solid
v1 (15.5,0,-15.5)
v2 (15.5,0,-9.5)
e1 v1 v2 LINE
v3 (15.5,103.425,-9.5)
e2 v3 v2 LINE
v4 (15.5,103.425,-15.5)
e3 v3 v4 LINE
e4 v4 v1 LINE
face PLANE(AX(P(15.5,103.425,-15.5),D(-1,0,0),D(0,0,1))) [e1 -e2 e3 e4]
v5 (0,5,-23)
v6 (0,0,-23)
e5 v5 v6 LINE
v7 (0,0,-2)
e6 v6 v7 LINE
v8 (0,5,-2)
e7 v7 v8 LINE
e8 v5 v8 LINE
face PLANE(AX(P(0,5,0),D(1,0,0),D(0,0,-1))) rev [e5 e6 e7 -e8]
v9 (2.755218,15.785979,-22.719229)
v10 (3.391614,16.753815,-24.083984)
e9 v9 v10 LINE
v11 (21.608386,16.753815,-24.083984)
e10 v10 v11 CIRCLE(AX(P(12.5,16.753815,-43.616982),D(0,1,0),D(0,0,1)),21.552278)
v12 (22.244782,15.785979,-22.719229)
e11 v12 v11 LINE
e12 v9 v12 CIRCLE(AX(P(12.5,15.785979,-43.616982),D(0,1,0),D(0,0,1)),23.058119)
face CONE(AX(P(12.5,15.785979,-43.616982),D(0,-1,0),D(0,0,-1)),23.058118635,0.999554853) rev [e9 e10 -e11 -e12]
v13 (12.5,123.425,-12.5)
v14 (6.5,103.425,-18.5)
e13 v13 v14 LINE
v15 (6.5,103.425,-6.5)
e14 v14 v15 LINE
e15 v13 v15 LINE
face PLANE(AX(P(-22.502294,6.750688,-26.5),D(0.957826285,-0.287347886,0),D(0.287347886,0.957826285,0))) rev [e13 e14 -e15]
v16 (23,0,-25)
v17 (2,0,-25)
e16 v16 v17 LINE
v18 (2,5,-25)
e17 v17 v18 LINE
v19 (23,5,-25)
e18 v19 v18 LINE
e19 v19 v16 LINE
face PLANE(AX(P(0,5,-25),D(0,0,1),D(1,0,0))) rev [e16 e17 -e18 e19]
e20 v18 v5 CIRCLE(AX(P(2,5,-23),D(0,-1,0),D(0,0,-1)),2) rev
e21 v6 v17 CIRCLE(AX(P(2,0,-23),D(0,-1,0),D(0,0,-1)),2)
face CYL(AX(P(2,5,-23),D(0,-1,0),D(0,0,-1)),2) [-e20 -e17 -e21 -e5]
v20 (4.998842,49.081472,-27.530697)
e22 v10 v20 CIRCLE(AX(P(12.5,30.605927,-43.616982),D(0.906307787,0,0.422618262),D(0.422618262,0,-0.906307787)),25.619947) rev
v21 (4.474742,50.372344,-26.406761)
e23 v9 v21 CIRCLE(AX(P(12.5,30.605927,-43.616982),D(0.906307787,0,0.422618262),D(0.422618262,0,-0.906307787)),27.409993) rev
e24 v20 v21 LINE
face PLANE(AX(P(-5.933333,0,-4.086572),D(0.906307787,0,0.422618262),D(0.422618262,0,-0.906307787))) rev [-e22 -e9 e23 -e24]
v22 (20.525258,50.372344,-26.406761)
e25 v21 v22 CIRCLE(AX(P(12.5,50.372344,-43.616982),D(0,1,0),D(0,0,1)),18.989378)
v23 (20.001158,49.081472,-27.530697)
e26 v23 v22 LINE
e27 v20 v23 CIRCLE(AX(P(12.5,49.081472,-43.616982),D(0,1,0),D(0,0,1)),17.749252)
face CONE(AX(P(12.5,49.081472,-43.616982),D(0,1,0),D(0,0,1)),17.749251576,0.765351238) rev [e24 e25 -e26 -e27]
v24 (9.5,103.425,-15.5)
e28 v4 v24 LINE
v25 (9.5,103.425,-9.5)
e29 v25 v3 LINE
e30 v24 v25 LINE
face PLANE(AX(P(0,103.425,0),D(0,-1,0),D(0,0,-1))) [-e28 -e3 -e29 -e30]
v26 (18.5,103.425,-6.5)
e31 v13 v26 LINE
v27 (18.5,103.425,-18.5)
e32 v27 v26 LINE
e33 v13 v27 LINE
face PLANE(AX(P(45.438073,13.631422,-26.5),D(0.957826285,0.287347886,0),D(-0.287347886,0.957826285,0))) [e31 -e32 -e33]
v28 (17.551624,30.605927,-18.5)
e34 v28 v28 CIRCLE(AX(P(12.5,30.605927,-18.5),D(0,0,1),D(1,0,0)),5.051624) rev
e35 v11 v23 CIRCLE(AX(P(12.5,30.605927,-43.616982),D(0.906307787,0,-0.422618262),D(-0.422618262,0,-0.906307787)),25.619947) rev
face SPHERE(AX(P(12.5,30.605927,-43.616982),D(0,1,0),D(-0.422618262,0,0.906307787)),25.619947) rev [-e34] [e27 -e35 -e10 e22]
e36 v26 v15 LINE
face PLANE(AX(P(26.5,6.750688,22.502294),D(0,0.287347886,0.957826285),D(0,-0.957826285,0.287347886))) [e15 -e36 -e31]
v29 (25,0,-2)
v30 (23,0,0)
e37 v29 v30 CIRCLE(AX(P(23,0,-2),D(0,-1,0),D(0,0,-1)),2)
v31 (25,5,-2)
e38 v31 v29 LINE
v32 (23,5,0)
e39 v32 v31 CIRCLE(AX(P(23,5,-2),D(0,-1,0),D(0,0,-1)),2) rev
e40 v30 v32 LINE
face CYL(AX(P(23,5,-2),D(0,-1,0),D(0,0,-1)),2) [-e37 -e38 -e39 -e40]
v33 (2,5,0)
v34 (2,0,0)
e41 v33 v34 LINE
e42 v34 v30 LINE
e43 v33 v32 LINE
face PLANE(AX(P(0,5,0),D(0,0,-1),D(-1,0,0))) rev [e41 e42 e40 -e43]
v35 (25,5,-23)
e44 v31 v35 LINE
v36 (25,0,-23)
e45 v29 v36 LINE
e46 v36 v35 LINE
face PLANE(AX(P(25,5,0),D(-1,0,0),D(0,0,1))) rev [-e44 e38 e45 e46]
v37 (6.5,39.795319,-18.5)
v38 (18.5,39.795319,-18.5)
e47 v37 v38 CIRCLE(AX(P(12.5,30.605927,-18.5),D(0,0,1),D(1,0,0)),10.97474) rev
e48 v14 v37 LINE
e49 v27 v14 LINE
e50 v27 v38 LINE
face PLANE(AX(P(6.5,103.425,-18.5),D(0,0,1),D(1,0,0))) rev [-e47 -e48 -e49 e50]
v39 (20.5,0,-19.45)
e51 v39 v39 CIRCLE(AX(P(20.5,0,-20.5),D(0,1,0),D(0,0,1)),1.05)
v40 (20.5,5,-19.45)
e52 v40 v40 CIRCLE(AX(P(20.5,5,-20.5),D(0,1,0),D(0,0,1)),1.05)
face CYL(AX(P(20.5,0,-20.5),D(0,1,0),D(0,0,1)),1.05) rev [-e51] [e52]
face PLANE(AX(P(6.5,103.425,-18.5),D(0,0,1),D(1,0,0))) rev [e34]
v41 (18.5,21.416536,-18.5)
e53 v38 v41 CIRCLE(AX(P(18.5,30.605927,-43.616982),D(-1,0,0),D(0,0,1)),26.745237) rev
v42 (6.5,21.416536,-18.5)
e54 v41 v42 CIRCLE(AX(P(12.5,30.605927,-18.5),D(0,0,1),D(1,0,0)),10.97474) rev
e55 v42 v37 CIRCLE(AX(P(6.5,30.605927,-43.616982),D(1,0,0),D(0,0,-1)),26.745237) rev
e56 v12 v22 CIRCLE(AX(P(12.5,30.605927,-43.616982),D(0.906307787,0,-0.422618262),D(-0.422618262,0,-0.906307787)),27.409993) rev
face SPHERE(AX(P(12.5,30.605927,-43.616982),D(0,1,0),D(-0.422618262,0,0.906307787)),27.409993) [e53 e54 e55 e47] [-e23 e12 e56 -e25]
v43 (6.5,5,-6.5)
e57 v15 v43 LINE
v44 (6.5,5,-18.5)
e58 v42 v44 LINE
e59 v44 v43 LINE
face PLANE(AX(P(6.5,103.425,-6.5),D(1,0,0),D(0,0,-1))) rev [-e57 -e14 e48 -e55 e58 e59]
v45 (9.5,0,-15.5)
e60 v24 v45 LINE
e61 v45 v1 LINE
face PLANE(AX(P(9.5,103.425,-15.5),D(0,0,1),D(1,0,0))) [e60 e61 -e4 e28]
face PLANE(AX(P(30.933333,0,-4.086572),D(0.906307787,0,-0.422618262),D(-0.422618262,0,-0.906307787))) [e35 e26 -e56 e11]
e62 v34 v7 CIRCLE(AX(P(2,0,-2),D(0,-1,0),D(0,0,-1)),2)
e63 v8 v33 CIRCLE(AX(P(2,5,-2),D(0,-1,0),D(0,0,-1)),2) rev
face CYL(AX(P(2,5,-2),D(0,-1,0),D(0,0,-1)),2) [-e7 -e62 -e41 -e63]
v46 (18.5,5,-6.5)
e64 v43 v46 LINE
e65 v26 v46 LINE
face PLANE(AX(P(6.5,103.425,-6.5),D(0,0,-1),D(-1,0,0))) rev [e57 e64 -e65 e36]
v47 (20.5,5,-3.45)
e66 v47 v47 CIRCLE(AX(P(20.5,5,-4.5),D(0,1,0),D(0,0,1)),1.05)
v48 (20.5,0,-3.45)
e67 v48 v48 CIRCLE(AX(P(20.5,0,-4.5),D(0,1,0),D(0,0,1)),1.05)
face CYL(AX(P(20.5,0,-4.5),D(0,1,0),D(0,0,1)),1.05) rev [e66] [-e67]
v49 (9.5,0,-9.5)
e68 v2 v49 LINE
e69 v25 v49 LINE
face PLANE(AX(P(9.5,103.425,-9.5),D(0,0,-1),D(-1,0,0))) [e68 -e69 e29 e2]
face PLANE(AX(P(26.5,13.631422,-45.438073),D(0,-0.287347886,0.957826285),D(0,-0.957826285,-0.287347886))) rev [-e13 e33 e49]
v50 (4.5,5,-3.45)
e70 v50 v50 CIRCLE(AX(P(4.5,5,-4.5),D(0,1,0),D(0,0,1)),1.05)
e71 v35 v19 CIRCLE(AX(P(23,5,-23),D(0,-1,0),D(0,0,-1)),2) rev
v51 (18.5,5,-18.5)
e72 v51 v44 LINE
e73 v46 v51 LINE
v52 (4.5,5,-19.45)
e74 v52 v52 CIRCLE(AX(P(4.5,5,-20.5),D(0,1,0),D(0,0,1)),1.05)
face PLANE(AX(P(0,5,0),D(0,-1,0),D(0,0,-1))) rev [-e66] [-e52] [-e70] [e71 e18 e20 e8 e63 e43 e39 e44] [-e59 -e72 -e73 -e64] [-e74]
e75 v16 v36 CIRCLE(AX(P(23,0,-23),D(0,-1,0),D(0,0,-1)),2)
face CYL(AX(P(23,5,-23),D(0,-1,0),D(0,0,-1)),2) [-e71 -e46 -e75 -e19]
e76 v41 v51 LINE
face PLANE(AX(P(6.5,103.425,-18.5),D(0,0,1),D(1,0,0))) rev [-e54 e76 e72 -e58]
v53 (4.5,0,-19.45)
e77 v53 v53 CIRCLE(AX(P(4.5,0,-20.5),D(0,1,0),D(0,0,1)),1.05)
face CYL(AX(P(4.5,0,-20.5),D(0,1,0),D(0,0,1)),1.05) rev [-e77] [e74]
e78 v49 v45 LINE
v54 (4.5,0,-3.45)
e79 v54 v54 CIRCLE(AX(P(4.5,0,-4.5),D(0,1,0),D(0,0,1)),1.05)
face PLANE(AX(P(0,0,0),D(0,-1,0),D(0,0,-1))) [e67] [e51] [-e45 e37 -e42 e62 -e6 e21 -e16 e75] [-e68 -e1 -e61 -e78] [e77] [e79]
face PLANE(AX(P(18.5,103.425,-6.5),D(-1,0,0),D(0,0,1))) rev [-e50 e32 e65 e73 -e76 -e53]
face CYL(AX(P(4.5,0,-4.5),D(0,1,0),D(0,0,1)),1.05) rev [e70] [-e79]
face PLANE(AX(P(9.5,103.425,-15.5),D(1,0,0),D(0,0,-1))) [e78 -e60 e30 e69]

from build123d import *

# Parameters (mm, degrees)
SKETCH1_W                = 25
SKETCH1_H                = 25
BOSS_EXTRUDE1_DEPTH      = 5
SKETCH2_R                = 1.05
CUT_EXTRUDE1_DEPTH       = 5
FILLET1_R                = 2
SKETCH3_W                = 12
SKETCH3_H                = 12
SKETCH3_W_2              = 6
SKETCH3_H_2              = 6
BOSS_EXTRUDE2_DEPTH      = 98.425
SKETCH4_W                = 6
SKETCH4_H                = 6
CUT_EXTRUDE2_DEPTH       = 10
SKETCH5_W                = 12
SKETCH5_H                = 12
BOSS_EXTRUDE3_DEPTH      = 20
CUT_EXTRUDE3_DEPTH       = 20
CUT_EXTRUDE4_DEPTH       = 20
REVOLVE1_ANGLE           = 25
REVOLVE1_OTHER_WAY_ANGLE = 25


with BuildPart() as part:
    # Sketch1 → Boss-Extrude1 (new body)
    with BuildSketch(Plane(origin=(0, 0, 0), x_dir=(1, 0, 0), z_dir=(0, 1, 0))):
        with Locations((12.5, 12.5)):
            Rectangle(SKETCH1_W, SKETCH1_H)
    extrude(amount=BOSS_EXTRUDE1_DEPTH)

    # Sketch2 → Cut-Extrude1 (cut)
    with BuildSketch(Plane(origin=(0, 5, 0), x_dir=(1, 0, 0), z_dir=(0, 1, 0))):
        with Locations(Location((4.5, 4.5, 0), (0, 0, 270))):
            Circle(SKETCH2_R)
        with Locations(Location((20.5, 4.5, 0), (0, 0, 270))):
            Circle(SKETCH2_R)
        with Locations(Location((20.5, 20.5, 0), (0, 0, 270))):
            Circle(SKETCH2_R)
        with Locations(Location((4.5, 20.5, 0), (0, 0, 270))):
            Circle(SKETCH2_R)
    extrude(amount=-CUT_EXTRUDE1_DEPTH, mode=Mode.SUBTRACT)

    # Fillet1
    fillet1_edges = [part.edges().sort_by_distance(p)[0] for p in [
        (0, 2.5, -25),
        (25, 2.5, -25),
        (25, 2.5, 0),
        (0, 2.5, 0),
    ]]
    fillet(fillet1_edges, radius=FILLET1_R)

    # Sketch3 → Boss-Extrude2 (add)
    with BuildSketch(Plane(origin=(0, 5, 0), x_dir=(1, 0, 0), z_dir=(0, 1, 0))):
        with Locations((12.5, 12.5)):
            Rectangle(SKETCH3_W, SKETCH3_H)
        with Locations((12.5, 12.5)):
            Rectangle(SKETCH3_W_2, SKETCH3_H_2, mode=Mode.SUBTRACT)
    extrude(amount=BOSS_EXTRUDE2_DEPTH)

    # Sketch4 → Cut-Extrude2 (cut)
    with BuildSketch(Plane(origin=(0, 0, 0), x_dir=(-1, 0, 0), z_dir=(0, -1, 0))):
        with Locations((-12.5, 12.5)):
            Rectangle(SKETCH4_W, SKETCH4_H)
    extrude(amount=-CUT_EXTRUDE2_DEPTH, mode=Mode.SUBTRACT)

    # Sketch5 → Boss-Extrude3 (add)
    with BuildSketch(Plane(origin=(0, 103.425, 0), x_dir=(1, 0, 0), z_dir=(0, 1, 0))):
        with Locations((12.5, 12.5)):
            Rectangle(SKETCH5_W, SKETCH5_H)
    extrude(amount=BOSS_EXTRUDE3_DEPTH)

    # Sketch6 → Cut-Extrude3 (cut)
    with BuildSketch(Plane.XY.offset(-6.5)):
        Polygon((18.5, 123.425), (12.5, 123.425), (18.5, 103.425), align=None)
        Polygon((6.5, 103.425), (12.5, 123.425), (6.5, 123.425), align=None)
    extrude(amount=-CUT_EXTRUDE3_DEPTH, mode=Mode.SUBTRACT)

    # Sketch7 → Cut-Extrude4 (cut)
    with BuildSketch(Plane.ZY.offset(-6.5)):
        Polygon((-6.5, 123.425), (-6.5, 103.425), (-12.5, 123.425), align=None)
        Polygon((-18.5, 123.425), (-18.5, 103.425), (-12.5, 123.425), align=None)
    extrude(amount=-CUT_EXTRUDE4_DEPTH, mode=Mode.SUBTRACT)

    # Sketch8 → Revolve1 (revolve)
    with BuildSketch(Plane(origin=(12.5, 0, 0), x_dir=(0, 0, -1), z_dir=(1, 0, 0))):
        with BuildLine():
            ThreePointArc((24.627603923, 50.372343644), (16.394708904, 33.808356072), (20.558863125, 15.785979305))
            Line((20.558863125, 15.785979305), (22.064703847, 16.753815466))
            ThreePointArc((22.064703847, 16.753815466), (18.172495187, 33.599217247), (25.867730183, 49.081471856))
            Line((25.867730183, 49.081471856), (24.627603923, 50.372343644))
        make_face()
    revolve(axis=Axis((12.5, 54.79169199, -43.616981759), (0, -1, 0)), revolution_arc=REVOLVE1_ANGLE)

    # Sketch8 → Revolve1 other way (revolve)
    with BuildSketch(Plane(origin=(12.5, 0, 0), x_dir=(0, 0, -1), z_dir=(1, 0, 0))):
        with BuildLine():
            ThreePointArc((24.627603923, 50.372343644), (16.394708904, 33.808356072), (20.558863125, 15.785979305))
            Line((20.558863125, 15.785979305), (22.064703847, 16.753815466))
            ThreePointArc((22.064703847, 16.753815466), (18.172495187, 33.599217247), (25.867730183, 49.081471856))
            Line((25.867730183, 49.081471856), (24.627603923, 50.372343644))
        make_face()
    revolve(axis=Axis((12.5, 54.79169199, -43.616981759), (0, 1, 0)), revolution_arc=REVOLVE1_OTHER_WAY_ANGLE)


solid = part.part
